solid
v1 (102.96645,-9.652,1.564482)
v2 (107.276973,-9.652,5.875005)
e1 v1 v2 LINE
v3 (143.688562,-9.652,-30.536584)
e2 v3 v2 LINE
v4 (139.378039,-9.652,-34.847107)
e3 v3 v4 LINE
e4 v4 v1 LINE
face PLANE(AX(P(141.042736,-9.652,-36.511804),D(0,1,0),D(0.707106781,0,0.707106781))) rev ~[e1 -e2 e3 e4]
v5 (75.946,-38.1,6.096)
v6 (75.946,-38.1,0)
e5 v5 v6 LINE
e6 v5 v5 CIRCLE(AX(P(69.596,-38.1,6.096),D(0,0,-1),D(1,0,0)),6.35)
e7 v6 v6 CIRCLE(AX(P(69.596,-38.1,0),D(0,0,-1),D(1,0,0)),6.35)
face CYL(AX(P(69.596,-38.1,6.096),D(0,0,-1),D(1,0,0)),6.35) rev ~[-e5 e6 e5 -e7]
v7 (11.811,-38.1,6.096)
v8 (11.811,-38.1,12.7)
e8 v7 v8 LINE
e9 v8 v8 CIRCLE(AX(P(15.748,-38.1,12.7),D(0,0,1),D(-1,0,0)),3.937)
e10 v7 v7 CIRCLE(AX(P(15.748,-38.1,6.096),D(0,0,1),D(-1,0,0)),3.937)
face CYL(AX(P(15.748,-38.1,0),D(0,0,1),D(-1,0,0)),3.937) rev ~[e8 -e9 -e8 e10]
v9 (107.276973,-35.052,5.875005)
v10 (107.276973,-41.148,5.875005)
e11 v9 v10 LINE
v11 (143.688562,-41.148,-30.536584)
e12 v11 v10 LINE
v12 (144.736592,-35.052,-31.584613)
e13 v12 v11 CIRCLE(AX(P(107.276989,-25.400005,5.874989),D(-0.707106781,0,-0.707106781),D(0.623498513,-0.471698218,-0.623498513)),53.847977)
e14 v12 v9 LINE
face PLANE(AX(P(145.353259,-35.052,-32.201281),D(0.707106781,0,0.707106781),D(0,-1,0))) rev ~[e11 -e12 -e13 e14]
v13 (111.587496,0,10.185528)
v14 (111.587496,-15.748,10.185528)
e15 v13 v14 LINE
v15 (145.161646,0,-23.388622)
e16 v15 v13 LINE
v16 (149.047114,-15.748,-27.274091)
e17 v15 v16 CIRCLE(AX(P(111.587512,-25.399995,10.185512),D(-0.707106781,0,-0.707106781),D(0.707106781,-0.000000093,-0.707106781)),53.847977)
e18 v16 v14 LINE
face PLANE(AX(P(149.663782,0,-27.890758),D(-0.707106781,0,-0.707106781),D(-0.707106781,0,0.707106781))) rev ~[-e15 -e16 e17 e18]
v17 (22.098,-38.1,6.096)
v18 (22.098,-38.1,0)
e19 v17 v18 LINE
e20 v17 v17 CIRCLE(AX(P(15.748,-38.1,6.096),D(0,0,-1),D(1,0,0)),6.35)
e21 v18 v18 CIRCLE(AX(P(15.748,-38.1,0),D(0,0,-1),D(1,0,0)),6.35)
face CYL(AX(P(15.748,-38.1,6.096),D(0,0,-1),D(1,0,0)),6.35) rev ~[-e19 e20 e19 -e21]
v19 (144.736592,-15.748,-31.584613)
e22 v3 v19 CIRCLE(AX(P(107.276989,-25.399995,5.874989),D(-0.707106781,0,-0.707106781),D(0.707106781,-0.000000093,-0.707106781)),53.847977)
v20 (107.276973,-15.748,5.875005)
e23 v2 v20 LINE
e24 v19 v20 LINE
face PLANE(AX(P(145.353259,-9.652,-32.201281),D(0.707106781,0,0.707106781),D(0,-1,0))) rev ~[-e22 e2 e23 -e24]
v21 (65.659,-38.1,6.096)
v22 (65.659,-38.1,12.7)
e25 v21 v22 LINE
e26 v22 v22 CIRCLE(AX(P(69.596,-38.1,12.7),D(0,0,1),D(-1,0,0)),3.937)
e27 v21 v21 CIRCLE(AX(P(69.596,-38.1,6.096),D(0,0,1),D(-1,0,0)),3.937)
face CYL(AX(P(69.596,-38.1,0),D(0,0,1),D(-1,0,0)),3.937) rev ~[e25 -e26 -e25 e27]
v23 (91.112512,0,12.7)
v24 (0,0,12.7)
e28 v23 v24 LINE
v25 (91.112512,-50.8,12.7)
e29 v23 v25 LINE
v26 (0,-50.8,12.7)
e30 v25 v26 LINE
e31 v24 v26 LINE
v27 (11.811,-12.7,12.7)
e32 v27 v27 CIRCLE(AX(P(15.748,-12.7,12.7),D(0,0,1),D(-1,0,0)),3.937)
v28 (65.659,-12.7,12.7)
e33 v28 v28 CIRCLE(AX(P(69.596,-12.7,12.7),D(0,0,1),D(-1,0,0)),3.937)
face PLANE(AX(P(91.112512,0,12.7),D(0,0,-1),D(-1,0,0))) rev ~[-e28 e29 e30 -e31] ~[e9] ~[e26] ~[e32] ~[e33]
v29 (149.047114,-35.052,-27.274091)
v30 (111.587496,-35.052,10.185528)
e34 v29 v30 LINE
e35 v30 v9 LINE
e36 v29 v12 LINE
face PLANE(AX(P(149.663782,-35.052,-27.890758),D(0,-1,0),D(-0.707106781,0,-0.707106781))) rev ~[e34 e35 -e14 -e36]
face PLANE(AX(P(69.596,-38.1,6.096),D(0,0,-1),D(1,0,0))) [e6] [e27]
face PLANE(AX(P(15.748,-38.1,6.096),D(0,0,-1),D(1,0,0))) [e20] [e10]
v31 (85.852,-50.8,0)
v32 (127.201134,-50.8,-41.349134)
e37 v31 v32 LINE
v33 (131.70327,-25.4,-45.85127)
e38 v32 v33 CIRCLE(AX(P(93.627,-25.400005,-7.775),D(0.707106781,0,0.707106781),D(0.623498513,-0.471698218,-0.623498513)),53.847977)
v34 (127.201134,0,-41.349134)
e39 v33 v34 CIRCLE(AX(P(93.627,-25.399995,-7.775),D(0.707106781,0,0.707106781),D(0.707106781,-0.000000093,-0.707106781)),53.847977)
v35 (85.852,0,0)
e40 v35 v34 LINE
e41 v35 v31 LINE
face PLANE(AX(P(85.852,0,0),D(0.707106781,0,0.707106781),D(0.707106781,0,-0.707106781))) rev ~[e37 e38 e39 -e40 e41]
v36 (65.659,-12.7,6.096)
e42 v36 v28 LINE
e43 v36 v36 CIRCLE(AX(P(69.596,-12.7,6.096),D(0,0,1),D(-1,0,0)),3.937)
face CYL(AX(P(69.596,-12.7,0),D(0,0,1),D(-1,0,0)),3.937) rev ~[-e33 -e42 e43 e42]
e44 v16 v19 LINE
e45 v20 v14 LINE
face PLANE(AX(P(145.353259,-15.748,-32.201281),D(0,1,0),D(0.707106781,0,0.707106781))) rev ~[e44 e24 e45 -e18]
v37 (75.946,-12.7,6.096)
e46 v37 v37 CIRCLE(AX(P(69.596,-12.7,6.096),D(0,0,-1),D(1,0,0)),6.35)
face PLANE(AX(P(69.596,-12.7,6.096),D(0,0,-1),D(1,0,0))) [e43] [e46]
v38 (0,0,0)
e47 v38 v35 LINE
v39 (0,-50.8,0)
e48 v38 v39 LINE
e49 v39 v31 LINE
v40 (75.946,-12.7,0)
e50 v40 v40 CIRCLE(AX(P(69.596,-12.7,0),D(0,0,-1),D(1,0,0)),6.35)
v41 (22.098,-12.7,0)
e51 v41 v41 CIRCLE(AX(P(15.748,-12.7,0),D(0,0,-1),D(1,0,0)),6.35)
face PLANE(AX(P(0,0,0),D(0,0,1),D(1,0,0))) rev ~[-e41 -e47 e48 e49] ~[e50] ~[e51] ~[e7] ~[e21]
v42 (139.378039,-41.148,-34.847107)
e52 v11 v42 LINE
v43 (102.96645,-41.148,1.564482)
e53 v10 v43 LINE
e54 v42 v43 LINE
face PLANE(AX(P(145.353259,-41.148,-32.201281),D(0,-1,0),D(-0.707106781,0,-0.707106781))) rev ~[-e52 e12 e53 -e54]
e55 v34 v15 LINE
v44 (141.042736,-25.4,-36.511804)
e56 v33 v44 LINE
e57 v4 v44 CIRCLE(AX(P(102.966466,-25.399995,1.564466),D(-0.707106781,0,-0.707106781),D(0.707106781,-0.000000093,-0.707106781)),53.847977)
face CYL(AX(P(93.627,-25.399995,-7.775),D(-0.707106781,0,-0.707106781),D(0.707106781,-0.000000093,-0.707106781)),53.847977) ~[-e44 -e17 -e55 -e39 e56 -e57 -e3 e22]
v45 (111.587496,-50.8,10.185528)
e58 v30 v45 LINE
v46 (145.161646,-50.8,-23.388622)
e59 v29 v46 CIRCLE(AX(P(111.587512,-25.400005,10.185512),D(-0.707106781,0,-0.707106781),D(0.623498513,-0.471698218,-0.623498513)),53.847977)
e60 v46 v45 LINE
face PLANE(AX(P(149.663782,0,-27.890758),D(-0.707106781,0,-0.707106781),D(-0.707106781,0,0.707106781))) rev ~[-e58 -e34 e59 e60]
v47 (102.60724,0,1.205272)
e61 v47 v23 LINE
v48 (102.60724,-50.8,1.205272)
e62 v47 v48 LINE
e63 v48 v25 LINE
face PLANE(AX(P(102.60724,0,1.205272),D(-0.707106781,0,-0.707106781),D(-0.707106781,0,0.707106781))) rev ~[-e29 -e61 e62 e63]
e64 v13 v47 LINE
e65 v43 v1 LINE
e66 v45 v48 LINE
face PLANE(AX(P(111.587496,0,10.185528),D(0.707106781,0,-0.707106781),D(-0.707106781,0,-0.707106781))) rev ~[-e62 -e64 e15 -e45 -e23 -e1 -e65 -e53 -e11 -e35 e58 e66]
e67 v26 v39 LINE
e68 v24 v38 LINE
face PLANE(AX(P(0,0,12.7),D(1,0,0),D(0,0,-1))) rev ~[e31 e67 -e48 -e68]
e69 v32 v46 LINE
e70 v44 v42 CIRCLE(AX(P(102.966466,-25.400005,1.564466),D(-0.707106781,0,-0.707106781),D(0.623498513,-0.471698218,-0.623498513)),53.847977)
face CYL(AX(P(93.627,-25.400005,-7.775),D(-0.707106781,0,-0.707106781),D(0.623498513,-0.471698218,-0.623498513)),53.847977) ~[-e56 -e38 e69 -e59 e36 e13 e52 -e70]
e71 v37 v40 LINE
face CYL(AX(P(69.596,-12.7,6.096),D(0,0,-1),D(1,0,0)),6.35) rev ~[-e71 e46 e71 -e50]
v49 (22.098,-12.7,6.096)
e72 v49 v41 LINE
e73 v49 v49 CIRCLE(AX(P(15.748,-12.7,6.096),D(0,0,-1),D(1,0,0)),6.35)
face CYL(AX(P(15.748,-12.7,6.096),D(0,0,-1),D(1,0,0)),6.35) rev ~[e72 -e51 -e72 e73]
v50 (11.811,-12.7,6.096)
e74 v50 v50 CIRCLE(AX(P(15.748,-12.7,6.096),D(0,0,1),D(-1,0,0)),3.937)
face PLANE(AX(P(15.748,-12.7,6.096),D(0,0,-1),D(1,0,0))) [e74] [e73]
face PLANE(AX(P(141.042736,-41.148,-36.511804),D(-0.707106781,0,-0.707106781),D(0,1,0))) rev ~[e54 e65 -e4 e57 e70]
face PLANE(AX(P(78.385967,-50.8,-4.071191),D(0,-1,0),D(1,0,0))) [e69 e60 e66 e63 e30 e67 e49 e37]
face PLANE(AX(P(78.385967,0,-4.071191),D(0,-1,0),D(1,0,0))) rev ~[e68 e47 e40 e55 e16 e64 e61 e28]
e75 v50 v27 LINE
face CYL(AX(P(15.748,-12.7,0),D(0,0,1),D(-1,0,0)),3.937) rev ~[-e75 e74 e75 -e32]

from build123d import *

# Parameters (mm, degrees)
F1_DEPTH       = 50.8
F3_D           = 7.874
F3_CBORE_D     = 12.7
F3_CBORE_DEPTH = 6.096
F6_DEPTH       = 134.531275
F8_DEPTH       = 54.103


with BuildPart() as f1:
    # F0 (on Front) → F1 (new body)
    with BuildSketch(Plane.XZ):
        Polygon((0, 12.7), (0, 0), (85.852, 0), (131.70327, -45.85127), (149.663782, -27.890758), (111.587496, 10.185528), (102.60724, 1.205272), (91.112512, 12.7), align=None)
    extrude(amount=F1_DEPTH)

    # F3 (through all)
    with Locations(Plane(origin=(0, 0, 0), x_dir=(1, 0, 0), z_dir=(0, 0, -1))):
        with Locations((15.748, 38.1), (69.596, 38.1), (69.596, 12.7), (15.748, 12.7)):
            CounterBoreHole(F3_D / 2, F3_CBORE_D / 2, F3_CBORE_DEPTH)

    # F5 (on face) → F6 (cut, through all)
    with BuildSketch(Plane(origin=(88.77727, 0, -88.77727), x_dir=(0, 1, 0), z_dir=(0.707107, 0, -0.707107))):
        Polygon((-15.748, 86.106531), (-35.052, 86.106531), (-35.052, 80.010531), (-41.148, 80.010531), (-41.148, 73.914531), (-9.652, 73.914531), (-9.652, 80.010531), (-15.748, 80.010531), align=None)
    extrude(amount=-F6_DEPTH, mode=Mode.SUBTRACT)

    # F7 (on face) → F8 (cut, through all)
    with BuildSketch(Plane(origin=(42.926, 0, 42.926), x_dir=(0.707107, 0, -0.707107), z_dir=(-0.707107, 0, -0.707107))):
        with BuildLine():
            ThreePointArc((119.183037, 50.8), (123.934026, 38.492922), (125.550019, 25.4))
            Line((125.550019, 25.4), (125.550019, 50.8))
            Line((125.550019, 50.8), (119.183037, 50.8))
        make_face()
        with BuildLine():
            ThreePointArc((125.550019, 25.4), (123.934026, 12.307078), (119.183037, 0))
            Line((119.183037, 0), (125.550019, 0))
            Line((125.550019, 0), (125.550019, 25.4))
        make_face()
    extrude(amount=-F8_DEPTH, mode=Mode.SUBTRACT)


solid = f1.part
